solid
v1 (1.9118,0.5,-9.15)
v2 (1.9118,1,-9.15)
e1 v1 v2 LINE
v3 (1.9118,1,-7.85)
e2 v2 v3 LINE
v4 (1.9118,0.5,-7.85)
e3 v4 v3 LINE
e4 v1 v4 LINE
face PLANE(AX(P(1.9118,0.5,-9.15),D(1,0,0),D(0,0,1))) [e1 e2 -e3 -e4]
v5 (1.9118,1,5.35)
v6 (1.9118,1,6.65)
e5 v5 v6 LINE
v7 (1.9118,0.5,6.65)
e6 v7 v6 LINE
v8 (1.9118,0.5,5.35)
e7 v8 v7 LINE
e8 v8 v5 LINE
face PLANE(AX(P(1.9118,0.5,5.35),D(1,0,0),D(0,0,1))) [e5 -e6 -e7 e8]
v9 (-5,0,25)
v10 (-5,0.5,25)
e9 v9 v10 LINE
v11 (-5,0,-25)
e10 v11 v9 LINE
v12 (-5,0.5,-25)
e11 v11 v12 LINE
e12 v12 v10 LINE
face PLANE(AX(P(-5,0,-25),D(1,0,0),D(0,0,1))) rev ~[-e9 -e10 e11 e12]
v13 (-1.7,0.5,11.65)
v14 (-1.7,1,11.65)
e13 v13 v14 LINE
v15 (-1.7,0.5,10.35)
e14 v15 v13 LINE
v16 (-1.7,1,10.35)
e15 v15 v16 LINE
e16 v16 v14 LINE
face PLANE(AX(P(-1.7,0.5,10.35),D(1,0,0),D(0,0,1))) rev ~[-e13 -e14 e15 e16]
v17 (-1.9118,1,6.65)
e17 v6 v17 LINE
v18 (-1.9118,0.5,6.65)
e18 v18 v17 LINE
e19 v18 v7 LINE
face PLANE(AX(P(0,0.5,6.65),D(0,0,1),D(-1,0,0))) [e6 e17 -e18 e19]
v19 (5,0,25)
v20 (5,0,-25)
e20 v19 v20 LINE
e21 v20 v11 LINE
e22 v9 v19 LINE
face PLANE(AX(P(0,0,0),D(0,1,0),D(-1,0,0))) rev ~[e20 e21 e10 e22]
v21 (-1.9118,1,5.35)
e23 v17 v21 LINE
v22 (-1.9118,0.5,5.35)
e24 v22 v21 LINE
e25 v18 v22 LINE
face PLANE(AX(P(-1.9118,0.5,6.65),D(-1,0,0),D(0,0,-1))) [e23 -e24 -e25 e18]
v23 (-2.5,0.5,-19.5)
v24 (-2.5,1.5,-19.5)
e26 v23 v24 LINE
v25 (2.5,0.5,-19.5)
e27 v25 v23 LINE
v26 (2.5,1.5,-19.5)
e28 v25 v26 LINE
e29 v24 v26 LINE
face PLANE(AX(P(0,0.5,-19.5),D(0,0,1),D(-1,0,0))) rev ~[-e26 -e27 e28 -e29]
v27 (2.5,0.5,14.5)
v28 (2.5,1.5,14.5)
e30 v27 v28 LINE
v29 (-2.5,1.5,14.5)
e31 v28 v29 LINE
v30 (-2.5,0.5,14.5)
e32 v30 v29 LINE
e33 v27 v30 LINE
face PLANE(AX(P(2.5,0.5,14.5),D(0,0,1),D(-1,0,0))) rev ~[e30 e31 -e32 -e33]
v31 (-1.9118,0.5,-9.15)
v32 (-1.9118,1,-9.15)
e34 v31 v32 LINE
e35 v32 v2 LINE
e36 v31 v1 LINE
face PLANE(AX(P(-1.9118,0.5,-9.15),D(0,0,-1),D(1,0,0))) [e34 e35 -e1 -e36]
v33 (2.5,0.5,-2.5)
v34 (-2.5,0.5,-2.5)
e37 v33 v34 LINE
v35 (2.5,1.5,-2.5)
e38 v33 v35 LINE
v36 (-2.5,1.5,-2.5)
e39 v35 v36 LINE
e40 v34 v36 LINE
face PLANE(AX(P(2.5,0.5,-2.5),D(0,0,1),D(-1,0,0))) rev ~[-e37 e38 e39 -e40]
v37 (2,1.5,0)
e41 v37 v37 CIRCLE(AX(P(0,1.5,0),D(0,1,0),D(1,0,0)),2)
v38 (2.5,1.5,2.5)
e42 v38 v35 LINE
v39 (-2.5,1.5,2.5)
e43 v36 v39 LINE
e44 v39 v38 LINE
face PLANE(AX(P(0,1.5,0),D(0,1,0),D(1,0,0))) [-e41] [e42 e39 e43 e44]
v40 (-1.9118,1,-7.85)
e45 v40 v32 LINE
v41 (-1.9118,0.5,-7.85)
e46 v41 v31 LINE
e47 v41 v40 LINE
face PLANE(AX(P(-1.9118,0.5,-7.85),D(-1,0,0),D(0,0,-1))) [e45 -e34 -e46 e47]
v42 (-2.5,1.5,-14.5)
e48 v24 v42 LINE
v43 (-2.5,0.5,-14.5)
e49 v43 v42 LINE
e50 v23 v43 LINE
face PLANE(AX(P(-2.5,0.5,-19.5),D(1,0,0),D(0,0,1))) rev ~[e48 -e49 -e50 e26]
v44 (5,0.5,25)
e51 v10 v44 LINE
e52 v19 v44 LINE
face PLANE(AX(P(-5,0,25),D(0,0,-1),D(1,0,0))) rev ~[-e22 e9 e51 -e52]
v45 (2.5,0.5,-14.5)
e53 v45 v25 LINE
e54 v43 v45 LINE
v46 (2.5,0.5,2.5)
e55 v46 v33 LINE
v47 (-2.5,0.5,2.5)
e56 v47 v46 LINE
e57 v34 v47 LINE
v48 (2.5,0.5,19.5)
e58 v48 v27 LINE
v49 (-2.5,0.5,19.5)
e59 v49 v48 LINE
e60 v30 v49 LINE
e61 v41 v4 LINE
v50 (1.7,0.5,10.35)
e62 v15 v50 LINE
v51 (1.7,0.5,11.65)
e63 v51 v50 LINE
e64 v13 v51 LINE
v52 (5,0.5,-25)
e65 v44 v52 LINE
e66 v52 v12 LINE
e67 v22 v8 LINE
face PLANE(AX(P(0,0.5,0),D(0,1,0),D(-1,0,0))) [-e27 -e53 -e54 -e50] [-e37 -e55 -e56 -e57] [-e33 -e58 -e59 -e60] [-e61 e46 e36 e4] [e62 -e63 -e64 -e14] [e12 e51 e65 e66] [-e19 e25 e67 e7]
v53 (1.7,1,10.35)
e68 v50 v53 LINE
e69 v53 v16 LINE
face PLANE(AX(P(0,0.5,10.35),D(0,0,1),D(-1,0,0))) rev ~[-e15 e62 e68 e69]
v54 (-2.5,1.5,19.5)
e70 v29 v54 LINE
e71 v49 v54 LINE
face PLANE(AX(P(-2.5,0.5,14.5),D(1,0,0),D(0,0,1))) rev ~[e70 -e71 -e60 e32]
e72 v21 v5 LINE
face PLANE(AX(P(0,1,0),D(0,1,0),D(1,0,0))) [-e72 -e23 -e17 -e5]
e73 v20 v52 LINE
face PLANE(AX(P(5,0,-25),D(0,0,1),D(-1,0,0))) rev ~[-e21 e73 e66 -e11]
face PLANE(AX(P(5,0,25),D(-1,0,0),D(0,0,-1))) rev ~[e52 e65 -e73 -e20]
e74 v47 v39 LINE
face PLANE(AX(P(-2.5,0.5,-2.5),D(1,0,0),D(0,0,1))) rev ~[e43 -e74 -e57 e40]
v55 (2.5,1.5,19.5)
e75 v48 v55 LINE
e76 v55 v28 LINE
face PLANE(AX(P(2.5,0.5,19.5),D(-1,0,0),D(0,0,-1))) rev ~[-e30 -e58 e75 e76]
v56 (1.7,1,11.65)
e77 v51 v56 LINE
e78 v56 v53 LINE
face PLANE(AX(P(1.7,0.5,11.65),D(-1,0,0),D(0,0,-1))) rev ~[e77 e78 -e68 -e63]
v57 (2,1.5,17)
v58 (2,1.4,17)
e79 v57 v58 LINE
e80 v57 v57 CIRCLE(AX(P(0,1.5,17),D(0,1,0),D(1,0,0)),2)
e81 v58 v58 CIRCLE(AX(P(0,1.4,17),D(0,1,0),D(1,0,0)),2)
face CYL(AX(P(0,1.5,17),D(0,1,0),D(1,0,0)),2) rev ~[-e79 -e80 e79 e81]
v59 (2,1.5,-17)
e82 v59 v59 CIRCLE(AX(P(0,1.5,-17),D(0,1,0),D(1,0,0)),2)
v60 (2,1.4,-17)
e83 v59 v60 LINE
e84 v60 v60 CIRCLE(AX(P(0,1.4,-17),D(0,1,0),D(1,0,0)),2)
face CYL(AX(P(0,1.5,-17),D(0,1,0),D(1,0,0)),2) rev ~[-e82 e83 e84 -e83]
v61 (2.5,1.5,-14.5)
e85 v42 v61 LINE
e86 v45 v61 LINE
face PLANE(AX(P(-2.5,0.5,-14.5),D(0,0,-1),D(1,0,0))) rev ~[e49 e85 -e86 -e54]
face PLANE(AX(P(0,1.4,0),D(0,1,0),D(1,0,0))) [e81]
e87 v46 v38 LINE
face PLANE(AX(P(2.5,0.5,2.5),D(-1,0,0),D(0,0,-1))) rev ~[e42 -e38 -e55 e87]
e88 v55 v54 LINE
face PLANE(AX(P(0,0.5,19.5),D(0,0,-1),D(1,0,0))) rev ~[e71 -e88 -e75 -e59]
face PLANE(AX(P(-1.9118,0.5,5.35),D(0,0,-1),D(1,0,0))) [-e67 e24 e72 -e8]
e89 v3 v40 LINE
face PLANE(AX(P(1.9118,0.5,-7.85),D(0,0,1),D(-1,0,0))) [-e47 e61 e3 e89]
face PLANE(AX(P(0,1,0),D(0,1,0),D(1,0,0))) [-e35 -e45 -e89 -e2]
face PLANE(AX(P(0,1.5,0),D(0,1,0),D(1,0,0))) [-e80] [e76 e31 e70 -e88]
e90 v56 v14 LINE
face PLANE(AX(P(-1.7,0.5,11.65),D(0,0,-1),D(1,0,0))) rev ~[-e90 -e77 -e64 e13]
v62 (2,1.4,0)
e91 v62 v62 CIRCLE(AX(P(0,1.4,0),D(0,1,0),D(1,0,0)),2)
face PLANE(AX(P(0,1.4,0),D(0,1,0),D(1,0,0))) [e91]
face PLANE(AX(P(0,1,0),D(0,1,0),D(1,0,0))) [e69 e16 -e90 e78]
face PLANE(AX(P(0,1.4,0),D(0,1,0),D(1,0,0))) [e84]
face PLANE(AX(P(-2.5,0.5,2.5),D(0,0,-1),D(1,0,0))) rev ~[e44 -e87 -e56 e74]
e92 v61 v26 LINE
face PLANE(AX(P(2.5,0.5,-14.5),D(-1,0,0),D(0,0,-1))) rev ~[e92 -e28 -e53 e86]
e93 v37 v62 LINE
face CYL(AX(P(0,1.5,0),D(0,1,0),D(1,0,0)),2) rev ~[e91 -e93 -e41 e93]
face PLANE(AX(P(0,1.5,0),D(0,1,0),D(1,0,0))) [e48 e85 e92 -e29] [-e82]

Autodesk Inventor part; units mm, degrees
ref_plane "YZ Plane" through (0, 0, 0) normal (1, 0, 0) x (0, 1, 0)
ref_plane "XZ Plane" through (0, 0, 0) normal (0, 1, 0) x (-1, 0, 0)
ref_plane "XY Plane" through (0, 0, 0) normal (0, 0, 1) x (1, 0, 0)
sketch "Sketch1" plane through (0, 0, 0) normal (0, 1, 0) x (-1, 0, 0)
  line L0 (-5, 25) -> (-5, -25)
  line L1 (-5, -25) -> (5, -25)
  line L2 (5, -25) -> (5, 25)
  line L3 (5, 25) -> (-5, 25)
  line L4 (-5, 25) -> (5, -25) construction
  line L5 (-5, -25) -> (5, 25) construction
  point P0 (0, 0)
  dimension "d0" = 50
  dimension "d1" = 10
extrude "Extrusion1" add sketch "Sketch1" along normal blind 0.5
sketch "Sketch2" plane through (0, 0.5, 0) normal (0, 1, 0) x (1, 0, 0)
  line L0 (2.5, -2.5) -> (2.5, 2.5)
  line L1 (2.5, 2.5) -> (-2.5, 2.5)
  line L2 (-2.5, 2.5) -> (-2.5, -2.5)
  line L3 (-2.5, -2.5) -> (2.5, -2.5)
  line L4 (2.5, -2.5) -> (-2.5, 2.5) construction
  line L5 (2.5, 2.5) -> (-2.5, -2.5) construction
  line L6 (-5, -25) -> (5, -25) projected
  line L7 (0, -25) -> (0, -17)
  line L8 (2.5, -19.5) -> (2.5, -14.5)
  line L9 (2.5, -14.5) -> (-2.5, -14.5)
  line L10 (-2.5, -14.5) -> (-2.5, -19.5)
  line L11 (-2.5, -19.5) -> (2.5, -19.5)
  line L12 (2.5, -19.5) -> (-2.5, -14.5) construction
  line L13 (2.5, -14.5) -> (-2.5, -19.5) construction
  line L14 (5, 25) -> (-5, 25) projected
  line L15 (0, 25) -> (0, 17)
  line L16 (2.5, 14.5) -> (2.5, 19.5)
  line L17 (2.5, 19.5) -> (-2.5, 19.5)
  line L18 (-2.5, 19.5) -> (-2.5, 14.5)
  line L19 (-2.5, 14.5) -> (2.5, 14.5)
  line L20 (2.5, 14.5) -> (-2.5, 19.5) construction
  line L21 (2.5, 19.5) -> (-2.5, 14.5) construction
  point P0 (0, 0)
  dimension "d4" = 5
  dimension "d5" = 5
  dimension "d6" = 8
  dimension "d7" = 5
  dimension "d8" = 5
  dimension "d9" = 8
  dimension "d10" = 5
extrude "Extrusion2" add sketch "Sketch2" along normal blind 1
sketch "Sketch3" plane through (0, 0.5, 0) normal (0, 1, 0) x (1, 0, 0)
  line L0 (-5, -25) -> (5, -25) projected
  line L1 (0, -25) -> (0, -11)
  line L2 (1.7, -11.65) -> (1.7, -10.35)
  line L3 (1.7, -10.35) -> (-1.7, -10.35)
  line L4 (-1.7, -10.35) -> (-1.7, -11.65)
  line L5 (-1.7, -11.65) -> (1.7, -11.65)
  line L6 (1.7, -11.65) -> (-1.7, -10.35) construction
  line L7 (1.7, -10.35) -> (-1.7, -11.65) construction
  line L8 (0, -11) -> (0, -6)
  line L9 (1.9118, -6.65) -> (-1.9118, -6.65)
  line L10 (-1.9118, -6.65) -> (-1.9118, -5.35)
  line L11 (-1.9118, -5.35) -> (1.9118, -5.35)
  line L12 (1.9118, -5.35) -> (1.9118, -6.65)
  line L13 (1.9118, -6.65) -> (-1.9118, -5.35) construction
  line L14 (-1.9118, -6.65) -> (1.9118, -5.35) construction
  line L15 (2.5, 2.5) -> (-2.5, 2.5) projected
  line L16 (0, 2.5) -> (0, 8.5)
  line L17 (1.9118, 7.85) -> (-1.9118, 7.85)
  line L18 (-1.9118, 7.85) -> (-1.9118, 9.15)
  line L19 (-1.9118, 9.15) -> (1.9118, 9.15)
  line L20 (1.9118, 9.15) -> (1.9118, 7.85)
  line L21 (1.9118, 7.85) -> (-1.9118, 9.15) construction
  line L22 (-1.9118, 7.85) -> (1.9118, 9.15) construction
  point P0 (0, 0)
  dimension "d13" = 14
  dimension "d14" = 1.3
  dimension "d15" = 3.4
  dimension "d16" = 5
  dimension "d17" = 1.3
  dimension "d18" = 6
  dimension "d19" = 1.3
extrude "Extrusion3" add sketch "Sketch3" along normal blind 0.5
sketch "Sketch4" plane through (0, 1.5, 0) normal (0, 1, 0) x (1, 0, 0)
  circle A0 centre (0, 0) radius 2
  circle A1 centre (0, -17) radius 2
  circle A2 centre (0, 17) radius 2
  dimension "d22" = 4
  dimension "d23" = 4
  dimension "d24" = 4
extrude "Extrusion4" cut sketch "Sketch4" against normal blind 0.1
properties part number "5050-led-strip"
